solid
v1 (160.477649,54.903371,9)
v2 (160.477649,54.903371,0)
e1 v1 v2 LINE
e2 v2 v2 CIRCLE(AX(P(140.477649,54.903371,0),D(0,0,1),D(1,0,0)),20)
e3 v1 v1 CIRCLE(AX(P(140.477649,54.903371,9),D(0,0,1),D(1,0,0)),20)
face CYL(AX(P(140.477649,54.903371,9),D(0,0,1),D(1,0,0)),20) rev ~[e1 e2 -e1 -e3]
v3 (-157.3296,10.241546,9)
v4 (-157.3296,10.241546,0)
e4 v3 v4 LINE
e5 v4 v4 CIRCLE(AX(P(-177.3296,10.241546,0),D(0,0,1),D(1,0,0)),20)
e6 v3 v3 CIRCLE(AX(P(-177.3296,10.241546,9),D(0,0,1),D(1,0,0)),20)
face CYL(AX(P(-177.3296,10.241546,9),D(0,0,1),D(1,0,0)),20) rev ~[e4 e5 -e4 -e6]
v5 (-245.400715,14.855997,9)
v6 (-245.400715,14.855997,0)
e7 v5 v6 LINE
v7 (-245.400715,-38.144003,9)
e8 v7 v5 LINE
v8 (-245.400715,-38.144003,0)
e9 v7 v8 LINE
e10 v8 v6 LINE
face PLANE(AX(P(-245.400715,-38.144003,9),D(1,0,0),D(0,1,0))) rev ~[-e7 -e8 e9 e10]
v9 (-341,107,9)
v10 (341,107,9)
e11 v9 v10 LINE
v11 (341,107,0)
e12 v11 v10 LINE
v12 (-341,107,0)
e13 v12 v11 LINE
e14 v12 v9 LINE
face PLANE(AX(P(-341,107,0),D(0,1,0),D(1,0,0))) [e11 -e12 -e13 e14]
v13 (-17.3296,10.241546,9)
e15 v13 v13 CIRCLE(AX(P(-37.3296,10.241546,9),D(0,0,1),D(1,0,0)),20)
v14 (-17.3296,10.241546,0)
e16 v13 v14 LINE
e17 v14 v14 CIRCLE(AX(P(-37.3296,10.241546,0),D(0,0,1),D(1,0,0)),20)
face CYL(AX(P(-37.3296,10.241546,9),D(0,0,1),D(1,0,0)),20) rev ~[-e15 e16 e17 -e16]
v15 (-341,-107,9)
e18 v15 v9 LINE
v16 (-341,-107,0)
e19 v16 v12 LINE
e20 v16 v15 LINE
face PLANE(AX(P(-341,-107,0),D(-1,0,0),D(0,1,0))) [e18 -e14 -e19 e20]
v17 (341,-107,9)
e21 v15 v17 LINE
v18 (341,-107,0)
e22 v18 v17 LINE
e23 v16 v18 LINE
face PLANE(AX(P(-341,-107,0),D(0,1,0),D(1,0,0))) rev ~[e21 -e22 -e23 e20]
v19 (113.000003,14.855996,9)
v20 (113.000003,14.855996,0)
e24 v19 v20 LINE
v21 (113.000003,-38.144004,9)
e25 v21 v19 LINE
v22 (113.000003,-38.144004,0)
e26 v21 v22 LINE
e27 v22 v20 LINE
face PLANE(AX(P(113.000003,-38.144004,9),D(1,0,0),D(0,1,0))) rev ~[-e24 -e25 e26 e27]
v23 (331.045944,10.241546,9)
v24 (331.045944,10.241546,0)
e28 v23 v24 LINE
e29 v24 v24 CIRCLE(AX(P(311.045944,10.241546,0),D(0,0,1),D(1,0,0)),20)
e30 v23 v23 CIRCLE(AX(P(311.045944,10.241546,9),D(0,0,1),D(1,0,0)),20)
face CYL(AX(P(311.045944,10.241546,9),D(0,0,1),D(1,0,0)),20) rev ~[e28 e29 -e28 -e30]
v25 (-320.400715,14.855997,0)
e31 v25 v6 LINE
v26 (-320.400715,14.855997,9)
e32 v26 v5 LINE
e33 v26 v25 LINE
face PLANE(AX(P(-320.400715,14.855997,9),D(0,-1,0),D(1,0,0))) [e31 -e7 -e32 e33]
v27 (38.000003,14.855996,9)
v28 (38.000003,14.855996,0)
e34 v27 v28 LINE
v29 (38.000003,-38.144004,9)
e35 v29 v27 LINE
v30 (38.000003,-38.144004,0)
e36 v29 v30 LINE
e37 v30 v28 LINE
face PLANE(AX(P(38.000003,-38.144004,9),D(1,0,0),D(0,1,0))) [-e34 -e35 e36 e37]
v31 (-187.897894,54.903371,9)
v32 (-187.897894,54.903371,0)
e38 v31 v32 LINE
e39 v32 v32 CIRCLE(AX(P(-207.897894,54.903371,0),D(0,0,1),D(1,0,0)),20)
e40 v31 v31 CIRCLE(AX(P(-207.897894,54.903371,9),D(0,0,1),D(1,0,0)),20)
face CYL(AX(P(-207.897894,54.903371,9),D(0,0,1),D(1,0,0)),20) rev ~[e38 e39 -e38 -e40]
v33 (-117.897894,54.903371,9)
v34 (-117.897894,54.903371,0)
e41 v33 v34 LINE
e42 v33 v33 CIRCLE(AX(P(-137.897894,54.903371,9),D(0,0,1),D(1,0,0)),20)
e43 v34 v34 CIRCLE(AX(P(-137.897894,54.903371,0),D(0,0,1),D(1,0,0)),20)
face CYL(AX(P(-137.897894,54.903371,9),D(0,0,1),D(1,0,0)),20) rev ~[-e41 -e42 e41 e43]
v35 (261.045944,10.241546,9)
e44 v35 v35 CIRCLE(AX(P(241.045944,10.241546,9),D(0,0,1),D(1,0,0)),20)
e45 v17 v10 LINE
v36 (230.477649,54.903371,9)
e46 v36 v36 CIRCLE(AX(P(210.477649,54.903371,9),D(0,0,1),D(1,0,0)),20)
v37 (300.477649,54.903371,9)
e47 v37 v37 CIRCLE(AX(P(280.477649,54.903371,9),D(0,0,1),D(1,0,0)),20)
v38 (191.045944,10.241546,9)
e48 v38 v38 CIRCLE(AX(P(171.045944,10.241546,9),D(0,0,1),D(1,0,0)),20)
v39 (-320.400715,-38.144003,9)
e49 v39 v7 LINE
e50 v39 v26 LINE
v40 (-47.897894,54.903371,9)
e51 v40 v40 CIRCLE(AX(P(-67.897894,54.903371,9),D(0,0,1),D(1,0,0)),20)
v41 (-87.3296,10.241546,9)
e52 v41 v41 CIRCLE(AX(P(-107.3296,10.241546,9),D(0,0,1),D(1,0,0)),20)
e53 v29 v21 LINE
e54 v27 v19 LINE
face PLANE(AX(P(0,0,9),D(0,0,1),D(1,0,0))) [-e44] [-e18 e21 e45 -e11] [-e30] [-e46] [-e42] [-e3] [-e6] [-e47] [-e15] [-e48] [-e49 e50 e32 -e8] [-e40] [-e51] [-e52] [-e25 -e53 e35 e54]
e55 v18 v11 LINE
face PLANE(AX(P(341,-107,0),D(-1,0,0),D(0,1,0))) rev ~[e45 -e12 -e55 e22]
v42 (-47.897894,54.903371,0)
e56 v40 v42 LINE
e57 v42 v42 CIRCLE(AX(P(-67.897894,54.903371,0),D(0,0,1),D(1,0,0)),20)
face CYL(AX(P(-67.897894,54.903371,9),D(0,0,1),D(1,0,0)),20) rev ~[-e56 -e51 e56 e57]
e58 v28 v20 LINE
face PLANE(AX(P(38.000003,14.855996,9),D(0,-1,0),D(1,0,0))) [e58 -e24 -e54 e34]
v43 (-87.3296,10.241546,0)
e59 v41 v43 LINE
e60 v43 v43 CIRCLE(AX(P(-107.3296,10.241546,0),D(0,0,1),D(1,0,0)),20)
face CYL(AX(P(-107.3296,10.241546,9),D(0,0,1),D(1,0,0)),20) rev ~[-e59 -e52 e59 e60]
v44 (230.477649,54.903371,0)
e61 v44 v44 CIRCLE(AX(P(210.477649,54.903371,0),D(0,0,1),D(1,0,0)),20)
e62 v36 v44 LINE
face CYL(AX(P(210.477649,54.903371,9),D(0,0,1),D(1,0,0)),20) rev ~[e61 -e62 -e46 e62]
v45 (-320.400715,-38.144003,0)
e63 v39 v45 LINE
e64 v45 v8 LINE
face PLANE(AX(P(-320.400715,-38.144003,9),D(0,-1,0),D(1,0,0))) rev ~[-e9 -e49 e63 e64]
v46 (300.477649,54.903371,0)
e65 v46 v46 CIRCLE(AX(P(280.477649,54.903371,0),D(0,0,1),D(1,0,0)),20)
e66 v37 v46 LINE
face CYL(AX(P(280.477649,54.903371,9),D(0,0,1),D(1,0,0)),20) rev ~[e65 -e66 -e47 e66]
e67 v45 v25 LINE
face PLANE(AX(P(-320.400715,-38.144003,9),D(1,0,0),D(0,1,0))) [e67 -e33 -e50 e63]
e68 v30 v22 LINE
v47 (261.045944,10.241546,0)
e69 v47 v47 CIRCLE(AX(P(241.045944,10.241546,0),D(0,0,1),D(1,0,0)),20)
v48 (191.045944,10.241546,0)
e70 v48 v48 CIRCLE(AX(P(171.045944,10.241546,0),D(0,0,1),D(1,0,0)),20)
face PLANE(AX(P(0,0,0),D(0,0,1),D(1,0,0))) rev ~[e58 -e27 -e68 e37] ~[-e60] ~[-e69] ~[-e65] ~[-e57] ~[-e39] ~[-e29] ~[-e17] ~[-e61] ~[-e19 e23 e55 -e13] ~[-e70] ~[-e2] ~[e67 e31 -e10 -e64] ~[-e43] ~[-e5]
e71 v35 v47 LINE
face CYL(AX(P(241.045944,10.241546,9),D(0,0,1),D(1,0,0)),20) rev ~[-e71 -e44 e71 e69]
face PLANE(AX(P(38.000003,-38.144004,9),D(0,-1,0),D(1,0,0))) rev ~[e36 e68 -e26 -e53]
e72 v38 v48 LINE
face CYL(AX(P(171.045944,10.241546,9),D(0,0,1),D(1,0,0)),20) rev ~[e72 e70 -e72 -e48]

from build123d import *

# Parameters (mm, degrees)
F0_W     = 682
F0_H     = 214
F1_DEPTH = 9
F2_R     = 20
F2_W     = 75
F2_H     = 53
F3_DEPTH = 25


with BuildPart() as f1:
    # F0 (on Top) → F1 (new body)
    with BuildSketch(Plane.XY):
        Rectangle(F0_W, F0_H)
    extrude(amount=F1_DEPTH)

    # F2 (on face) → F3 (cut)
    with BuildSketch(Plane.XY.offset(9)):
        with Locations((-207.897894, 54.903371)):
            Circle(F2_R)
        with Locations((-137.897894, 54.903371)):
            Circle(F2_R)
        with Locations((-67.897894, 54.903371)):
            Circle(F2_R)
        with Locations((-282.900715, -11.644003)):
            Rectangle(F2_W, F2_H)
        with Locations((-177.3296, 10.241546)):
            Circle(F2_R)
        with Locations((-107.3296, 10.241546)):
            Circle(F2_R)
        with Locations((-37.3296, 10.241546)):
            Circle(F2_R)
        with Locations((140.477649, 54.903371)):
            Circle(F2_R)
        with Locations((210.477649, 54.903371)):
            Circle(F2_R)
        with Locations((280.477649, 54.903371)):
            Circle(F2_R)
        with Locations((171.045944, 10.241546)):
            Circle(F2_R)
        with Locations((241.045944, 10.241546)):
            Circle(F2_R)
        with Locations((311.045944, 10.241546)):
            Circle(F2_R)
        with Locations((75.500003, -11.644004)):
            Rectangle(F2_W, F2_H)
    extrude(amount=-F3_DEPTH, mode=Mode.SUBTRACT)


solid = f1.part
